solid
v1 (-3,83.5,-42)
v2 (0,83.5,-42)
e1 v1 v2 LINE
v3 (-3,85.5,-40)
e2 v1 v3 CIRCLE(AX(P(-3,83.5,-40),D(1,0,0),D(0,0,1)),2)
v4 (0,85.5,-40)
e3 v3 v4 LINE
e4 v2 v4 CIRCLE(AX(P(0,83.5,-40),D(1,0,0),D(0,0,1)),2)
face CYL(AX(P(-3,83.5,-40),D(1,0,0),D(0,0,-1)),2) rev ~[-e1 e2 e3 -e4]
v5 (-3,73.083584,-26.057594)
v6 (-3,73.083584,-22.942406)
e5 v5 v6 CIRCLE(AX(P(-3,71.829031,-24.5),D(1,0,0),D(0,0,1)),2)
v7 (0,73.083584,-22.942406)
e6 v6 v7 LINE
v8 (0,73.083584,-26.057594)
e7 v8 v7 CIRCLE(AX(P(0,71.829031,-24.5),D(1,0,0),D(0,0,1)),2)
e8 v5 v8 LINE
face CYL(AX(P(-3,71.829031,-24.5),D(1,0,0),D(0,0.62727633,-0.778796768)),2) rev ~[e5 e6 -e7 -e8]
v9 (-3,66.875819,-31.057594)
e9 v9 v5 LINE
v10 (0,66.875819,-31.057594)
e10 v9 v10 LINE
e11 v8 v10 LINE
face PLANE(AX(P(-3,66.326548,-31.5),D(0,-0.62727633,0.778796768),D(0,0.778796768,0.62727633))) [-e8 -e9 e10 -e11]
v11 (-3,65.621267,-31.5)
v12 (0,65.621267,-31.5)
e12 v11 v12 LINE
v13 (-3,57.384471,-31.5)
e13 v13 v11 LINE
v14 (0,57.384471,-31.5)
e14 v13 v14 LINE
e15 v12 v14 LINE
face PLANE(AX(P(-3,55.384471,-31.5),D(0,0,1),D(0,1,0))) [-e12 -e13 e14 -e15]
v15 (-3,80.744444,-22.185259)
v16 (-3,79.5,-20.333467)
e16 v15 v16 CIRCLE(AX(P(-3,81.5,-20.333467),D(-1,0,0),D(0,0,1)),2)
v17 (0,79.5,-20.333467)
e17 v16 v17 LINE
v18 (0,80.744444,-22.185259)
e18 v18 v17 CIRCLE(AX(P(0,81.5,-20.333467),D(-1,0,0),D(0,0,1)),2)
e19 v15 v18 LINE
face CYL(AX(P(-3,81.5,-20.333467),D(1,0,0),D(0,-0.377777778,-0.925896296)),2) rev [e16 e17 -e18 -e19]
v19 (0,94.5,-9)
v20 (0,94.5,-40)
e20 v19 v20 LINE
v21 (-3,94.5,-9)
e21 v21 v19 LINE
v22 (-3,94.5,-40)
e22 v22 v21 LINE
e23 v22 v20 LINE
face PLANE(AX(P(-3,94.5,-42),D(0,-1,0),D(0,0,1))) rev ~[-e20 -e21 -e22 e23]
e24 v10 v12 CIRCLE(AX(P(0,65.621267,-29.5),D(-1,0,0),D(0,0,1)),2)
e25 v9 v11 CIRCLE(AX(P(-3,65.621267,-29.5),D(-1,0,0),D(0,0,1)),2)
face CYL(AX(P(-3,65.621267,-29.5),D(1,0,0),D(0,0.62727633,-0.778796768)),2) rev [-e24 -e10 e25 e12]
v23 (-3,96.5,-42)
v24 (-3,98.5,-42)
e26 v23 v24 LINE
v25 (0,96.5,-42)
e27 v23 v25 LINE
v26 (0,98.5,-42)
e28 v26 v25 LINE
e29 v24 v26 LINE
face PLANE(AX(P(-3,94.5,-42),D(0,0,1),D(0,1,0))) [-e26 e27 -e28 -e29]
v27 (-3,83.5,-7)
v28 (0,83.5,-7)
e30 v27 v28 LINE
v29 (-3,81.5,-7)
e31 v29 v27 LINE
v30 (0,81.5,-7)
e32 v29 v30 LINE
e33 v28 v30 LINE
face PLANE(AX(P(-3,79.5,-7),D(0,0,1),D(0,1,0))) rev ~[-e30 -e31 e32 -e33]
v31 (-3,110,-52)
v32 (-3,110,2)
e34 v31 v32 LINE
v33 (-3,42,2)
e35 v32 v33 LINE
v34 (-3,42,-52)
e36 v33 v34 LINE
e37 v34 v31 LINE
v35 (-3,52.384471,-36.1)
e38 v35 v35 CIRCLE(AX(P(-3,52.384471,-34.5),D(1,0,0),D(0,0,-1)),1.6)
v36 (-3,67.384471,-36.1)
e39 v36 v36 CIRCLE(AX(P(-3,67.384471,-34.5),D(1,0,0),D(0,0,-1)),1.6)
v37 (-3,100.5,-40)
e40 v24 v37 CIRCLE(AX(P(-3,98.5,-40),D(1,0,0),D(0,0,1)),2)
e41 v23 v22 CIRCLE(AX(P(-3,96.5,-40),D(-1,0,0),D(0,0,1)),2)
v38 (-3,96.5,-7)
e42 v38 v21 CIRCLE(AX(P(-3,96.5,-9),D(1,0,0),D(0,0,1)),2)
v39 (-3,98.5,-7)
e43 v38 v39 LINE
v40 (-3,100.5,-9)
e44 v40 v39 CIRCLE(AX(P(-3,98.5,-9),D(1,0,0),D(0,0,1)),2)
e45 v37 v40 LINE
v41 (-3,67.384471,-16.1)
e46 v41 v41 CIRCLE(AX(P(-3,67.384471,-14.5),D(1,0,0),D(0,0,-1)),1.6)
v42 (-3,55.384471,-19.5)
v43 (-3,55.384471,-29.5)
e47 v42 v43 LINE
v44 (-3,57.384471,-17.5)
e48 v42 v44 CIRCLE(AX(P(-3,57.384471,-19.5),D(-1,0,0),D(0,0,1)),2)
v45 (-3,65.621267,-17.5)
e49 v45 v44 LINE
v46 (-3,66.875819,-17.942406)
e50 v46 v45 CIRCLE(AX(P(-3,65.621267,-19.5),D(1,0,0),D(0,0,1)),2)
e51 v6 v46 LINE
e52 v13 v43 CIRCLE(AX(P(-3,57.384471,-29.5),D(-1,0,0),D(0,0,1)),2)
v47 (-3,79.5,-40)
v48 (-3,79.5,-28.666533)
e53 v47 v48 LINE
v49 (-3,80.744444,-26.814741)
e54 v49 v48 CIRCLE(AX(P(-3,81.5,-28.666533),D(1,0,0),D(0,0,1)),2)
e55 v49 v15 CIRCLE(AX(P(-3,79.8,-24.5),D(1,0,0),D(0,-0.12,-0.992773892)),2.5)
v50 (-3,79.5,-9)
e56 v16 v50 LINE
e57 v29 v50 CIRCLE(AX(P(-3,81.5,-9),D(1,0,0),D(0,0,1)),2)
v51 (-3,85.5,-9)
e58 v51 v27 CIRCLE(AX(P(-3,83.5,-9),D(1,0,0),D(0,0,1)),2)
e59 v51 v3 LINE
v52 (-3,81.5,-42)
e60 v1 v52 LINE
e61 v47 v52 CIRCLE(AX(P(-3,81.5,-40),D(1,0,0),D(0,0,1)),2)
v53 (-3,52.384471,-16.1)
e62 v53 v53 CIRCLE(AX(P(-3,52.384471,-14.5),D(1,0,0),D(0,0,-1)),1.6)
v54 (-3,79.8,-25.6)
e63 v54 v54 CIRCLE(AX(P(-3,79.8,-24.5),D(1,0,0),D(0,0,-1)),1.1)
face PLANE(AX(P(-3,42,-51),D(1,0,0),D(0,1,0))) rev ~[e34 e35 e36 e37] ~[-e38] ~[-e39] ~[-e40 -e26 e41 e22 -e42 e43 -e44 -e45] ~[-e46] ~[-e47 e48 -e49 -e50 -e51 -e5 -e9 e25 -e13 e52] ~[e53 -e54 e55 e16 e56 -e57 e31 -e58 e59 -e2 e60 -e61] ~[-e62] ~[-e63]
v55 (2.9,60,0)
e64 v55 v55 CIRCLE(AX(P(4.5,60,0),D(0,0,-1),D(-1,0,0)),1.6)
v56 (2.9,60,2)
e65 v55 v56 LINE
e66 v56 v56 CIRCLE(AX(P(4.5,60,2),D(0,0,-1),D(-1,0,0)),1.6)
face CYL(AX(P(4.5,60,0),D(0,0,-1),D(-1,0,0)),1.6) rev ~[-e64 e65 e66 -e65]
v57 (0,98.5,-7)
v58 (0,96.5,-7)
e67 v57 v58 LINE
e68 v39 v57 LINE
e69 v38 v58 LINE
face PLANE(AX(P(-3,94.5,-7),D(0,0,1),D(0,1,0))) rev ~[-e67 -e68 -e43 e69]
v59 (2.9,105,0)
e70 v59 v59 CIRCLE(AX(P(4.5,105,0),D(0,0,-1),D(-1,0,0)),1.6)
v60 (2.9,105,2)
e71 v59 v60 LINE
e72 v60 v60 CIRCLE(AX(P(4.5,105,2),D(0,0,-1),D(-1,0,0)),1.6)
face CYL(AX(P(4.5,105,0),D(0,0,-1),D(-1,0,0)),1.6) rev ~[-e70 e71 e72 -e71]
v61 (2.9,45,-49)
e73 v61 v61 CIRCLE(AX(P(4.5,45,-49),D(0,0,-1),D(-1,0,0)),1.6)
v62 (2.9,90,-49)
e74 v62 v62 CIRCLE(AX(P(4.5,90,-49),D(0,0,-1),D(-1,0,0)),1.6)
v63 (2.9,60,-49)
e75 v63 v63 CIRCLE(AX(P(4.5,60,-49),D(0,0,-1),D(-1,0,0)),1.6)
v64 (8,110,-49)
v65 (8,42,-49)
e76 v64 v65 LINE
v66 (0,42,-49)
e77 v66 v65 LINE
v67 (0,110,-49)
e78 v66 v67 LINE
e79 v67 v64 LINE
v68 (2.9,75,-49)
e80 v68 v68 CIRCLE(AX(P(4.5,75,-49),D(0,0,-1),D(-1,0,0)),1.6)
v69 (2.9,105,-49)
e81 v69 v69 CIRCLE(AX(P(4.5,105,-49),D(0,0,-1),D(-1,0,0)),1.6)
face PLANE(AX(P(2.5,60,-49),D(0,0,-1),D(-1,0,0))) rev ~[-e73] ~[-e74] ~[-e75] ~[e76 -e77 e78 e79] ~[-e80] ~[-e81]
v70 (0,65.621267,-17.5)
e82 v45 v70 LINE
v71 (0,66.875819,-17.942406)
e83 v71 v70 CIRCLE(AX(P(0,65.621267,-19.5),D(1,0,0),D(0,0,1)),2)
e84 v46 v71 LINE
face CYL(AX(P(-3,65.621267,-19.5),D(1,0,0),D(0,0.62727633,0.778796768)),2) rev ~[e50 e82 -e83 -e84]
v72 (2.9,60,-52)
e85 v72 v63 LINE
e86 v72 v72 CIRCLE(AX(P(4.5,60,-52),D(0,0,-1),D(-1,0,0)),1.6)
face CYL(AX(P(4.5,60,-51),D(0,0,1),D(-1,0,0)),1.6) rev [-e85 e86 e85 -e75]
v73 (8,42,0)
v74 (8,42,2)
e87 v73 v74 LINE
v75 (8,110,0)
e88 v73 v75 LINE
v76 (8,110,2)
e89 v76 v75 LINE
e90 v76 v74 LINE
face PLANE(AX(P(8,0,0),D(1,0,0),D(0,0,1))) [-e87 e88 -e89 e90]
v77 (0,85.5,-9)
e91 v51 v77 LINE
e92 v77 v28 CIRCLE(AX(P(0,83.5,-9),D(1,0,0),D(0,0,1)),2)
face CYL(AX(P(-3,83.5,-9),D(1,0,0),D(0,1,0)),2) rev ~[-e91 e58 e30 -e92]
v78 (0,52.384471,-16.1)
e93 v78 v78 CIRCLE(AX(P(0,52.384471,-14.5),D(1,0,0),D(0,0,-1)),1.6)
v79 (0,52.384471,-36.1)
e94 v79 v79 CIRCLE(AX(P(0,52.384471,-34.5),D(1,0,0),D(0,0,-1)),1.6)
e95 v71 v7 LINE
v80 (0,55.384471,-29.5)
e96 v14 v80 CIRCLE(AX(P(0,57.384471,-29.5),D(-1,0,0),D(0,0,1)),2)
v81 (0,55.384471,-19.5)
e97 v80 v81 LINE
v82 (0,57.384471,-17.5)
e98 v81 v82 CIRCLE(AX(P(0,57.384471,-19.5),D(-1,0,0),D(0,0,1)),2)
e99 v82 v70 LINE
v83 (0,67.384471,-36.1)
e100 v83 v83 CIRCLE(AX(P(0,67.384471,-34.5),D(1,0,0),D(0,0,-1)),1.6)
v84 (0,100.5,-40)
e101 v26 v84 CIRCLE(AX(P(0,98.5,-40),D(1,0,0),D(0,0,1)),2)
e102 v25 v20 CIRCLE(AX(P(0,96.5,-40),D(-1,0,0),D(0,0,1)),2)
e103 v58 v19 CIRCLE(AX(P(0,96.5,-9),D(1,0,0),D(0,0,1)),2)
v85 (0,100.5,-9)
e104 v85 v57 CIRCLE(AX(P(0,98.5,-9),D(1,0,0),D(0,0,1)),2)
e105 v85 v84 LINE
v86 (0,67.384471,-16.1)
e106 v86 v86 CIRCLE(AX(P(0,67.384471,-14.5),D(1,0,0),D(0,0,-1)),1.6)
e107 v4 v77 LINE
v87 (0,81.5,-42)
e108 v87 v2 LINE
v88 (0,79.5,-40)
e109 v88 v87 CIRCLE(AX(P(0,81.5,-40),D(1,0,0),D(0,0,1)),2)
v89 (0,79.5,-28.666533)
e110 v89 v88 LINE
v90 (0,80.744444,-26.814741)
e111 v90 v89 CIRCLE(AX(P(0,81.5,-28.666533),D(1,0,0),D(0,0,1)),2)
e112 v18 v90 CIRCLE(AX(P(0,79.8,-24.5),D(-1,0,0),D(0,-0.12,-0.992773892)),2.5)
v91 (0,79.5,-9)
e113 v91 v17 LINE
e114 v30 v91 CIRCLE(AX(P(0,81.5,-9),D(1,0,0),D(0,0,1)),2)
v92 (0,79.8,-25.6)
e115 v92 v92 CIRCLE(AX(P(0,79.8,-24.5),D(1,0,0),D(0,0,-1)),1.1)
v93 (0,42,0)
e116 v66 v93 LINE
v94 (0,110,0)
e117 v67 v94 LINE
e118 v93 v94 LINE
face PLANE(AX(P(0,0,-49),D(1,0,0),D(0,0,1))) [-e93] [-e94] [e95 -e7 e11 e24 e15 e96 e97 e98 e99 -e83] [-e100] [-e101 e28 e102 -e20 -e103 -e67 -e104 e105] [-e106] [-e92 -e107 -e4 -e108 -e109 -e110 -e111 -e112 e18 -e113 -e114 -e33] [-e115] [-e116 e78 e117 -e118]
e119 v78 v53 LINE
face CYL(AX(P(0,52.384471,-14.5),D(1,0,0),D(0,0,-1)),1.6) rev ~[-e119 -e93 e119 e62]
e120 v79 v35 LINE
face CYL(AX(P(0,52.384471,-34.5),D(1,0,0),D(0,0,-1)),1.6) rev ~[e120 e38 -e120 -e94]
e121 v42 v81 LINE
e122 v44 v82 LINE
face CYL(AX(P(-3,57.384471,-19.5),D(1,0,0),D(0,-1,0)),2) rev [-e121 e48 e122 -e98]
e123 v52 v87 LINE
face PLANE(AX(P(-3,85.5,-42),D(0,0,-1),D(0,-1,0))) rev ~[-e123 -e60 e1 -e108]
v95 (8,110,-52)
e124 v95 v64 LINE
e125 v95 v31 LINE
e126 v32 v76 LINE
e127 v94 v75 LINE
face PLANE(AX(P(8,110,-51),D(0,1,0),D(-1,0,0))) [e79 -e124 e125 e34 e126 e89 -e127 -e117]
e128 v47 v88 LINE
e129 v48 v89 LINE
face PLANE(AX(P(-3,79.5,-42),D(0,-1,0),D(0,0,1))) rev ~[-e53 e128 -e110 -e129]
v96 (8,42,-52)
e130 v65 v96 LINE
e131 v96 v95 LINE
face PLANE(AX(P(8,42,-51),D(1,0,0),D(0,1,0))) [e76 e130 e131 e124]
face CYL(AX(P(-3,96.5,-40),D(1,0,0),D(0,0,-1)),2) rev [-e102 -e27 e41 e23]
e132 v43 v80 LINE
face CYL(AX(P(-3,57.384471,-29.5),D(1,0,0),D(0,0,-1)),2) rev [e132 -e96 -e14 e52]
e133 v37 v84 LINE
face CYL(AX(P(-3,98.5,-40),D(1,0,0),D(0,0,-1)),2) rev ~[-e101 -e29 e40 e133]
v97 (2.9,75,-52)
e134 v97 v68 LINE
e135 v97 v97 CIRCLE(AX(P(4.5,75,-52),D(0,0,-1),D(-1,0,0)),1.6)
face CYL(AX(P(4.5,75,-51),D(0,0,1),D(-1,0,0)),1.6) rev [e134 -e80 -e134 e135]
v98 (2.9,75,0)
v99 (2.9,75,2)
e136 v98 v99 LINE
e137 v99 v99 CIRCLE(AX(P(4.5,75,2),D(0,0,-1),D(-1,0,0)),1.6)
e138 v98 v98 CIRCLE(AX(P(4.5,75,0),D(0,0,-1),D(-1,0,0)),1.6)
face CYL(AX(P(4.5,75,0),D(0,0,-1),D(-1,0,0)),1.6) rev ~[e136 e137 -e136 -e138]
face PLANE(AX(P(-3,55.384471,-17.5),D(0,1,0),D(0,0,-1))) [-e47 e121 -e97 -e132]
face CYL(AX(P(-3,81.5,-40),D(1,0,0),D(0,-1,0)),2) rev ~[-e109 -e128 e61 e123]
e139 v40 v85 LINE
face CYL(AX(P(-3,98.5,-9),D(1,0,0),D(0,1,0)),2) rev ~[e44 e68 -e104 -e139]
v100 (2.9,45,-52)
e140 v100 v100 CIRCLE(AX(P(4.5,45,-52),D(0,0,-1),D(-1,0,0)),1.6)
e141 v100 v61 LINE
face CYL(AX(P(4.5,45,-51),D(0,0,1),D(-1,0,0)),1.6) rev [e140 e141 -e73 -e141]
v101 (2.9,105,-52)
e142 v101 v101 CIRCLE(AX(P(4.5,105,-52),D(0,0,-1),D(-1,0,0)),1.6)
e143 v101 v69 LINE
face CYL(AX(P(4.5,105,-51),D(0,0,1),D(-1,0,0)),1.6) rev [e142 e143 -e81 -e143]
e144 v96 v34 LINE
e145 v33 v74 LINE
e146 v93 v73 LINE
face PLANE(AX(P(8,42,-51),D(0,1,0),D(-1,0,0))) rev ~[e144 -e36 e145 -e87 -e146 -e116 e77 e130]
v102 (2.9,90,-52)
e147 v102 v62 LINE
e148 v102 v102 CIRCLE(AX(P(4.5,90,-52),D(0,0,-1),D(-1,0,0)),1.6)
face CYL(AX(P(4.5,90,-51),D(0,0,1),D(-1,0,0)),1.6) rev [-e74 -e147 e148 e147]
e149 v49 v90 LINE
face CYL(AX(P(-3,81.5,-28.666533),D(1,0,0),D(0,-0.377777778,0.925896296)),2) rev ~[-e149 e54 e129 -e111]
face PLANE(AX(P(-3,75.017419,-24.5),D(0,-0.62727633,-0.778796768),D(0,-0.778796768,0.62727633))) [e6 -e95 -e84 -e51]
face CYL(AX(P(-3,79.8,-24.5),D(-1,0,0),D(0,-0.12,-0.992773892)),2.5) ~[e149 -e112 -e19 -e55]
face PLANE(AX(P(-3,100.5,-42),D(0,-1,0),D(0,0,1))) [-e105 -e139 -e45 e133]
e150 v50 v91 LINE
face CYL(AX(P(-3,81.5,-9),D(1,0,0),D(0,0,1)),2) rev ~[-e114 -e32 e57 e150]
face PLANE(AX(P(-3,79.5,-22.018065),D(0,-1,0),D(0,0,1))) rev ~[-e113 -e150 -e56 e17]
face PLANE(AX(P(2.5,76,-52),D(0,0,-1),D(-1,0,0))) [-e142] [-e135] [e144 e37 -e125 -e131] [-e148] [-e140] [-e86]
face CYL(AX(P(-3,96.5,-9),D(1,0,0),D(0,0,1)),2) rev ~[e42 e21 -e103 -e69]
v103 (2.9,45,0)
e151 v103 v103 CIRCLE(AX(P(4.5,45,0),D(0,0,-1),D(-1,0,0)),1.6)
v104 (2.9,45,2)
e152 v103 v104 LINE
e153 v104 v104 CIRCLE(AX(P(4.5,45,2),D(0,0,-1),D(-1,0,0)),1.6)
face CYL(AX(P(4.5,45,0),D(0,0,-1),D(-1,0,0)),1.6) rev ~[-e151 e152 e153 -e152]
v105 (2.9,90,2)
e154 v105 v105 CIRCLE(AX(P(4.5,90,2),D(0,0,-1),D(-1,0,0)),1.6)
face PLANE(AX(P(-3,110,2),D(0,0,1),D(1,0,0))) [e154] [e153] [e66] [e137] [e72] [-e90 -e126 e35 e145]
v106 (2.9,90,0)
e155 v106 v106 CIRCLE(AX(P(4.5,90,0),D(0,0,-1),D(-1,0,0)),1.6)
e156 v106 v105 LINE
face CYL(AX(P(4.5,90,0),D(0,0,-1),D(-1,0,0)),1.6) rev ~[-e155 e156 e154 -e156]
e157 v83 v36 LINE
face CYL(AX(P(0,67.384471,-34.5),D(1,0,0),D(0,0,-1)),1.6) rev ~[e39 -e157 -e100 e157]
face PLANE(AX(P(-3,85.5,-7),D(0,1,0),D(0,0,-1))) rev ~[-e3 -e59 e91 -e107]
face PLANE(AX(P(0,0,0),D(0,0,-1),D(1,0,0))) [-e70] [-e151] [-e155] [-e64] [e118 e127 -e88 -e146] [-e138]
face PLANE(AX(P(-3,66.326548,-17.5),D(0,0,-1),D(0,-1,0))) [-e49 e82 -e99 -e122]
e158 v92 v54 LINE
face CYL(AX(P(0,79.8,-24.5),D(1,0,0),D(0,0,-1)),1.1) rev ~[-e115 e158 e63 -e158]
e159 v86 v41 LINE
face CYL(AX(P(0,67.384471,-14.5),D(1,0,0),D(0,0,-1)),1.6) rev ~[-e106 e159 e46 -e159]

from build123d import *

# Parameters (mm, degrees)
EXTRUDE_1_DEPTH          = 120
SKETCH_2_R               = 1.6
CUT_EXTRUDE_1_DEPTH      = 120
SKETCH_3_R               = 1.6
CUT_EXTRUDE_2_DEPTH      = 10
SKETCH_4_R               = 1.1
CUT_EXTRUDE_3_DEPTH      = 12
SKETCH_5_W               = 11
SKETCH_5_H               = 120
EXTRUDE_2_DEPTH          = 2
SKETCH_6_W               = 49
SKETCH_6_H               = 30
CUT_EXTRUDE_4_DEPTH      = 10
CUT_EXTRUDE_5_DEPTH      = 42
CUT_EXTRUDE_5_DEPTH_BACK = 16
SKETCH_7_W               = 3
SKETCH_7_H               = 30
CUT_EXTRUDE_6_DEPTH      = 35
CUT_EXTRUDE_6_DEPTH_BACK = 11
SKETCH_8_W               = 52
SKETCH_8_H               = 12
SKETCH_9_W               = 2
SKETCH_9_H               = 42
CUT_EXTRUDE_7_DEPTH      = 20
SKETCH_10_W              = 11
SKETCH_10_H              = 54
CUT_EXTRUDE_8_DEPTH      = 10
SKETCH_11_W              = 11
SKETCH_11_H              = 68
SKETCH_11_R              = 1.6
EXTRUDE_3_DEPTH          = 1
SKETCH_12_W              = 11
SKETCH_12_H              = 1
CUT_EXTRUDE_9_DEPTH      = 91
CUT_EXTRUDE_10_DEPTH     = 10
SKETCH_14_W              = 35
SKETCH_14_H              = 6
CUT_EXTRUDE_11_DEPTH     = 10
FILLET_1_R               = 2


with BuildPart() as part:
    # 草图1 → 凸台-拉伸1 (new body)
    with BuildSketch(Plane(origin=(0, 0, 0), x_dir=(1, 0, 0), z_dir=(0, 1, 0))):
        Polygon((0, 0), (8, 0), (8, -3), (-3, -3), (-3, 49), (0, 49), align=None)
    extrude(amount=EXTRUDE_1_DEPTH)

    # 草图2 → 切除-拉伸1 (cut)
    with BuildSketch(Plane(origin=(0, 0, 0), x_dir=(-1, 0, 0), z_dir=(0, 0, -1))):
        with Locations((-4.5, 60)):
            Circle(SKETCH_2_R)
        with Locations((-4.5, 45)):
            Circle(SKETCH_2_R)
        with Locations((-4.5, 30)):
            Circle(SKETCH_2_R)
        with Locations((-4.5, 15)):
            Circle(SKETCH_2_R)
        with Locations((-4.5, 75)):
            Circle(SKETCH_2_R)
        with Locations((-4.5, 90)):
            Circle(SKETCH_2_R)
        with Locations((-4.5, 105)):
            Circle(SKETCH_2_R)
    cut_extrude_1 = extrude(amount=-CUT_EXTRUDE_1_DEPTH, mode=Mode.SUBTRACT)

    # 草图3 → 切除-拉伸2 (cut)
    with BuildSketch(Plane(origin=(0, 0, 0), x_dir=(0, 0, -1), z_dir=(1, 0, 0))):
        with Locations((14.5, 7.384470662)):
            Circle(SKETCH_3_R)
        with Locations((14.5, 22.384470662)):
            Circle(SKETCH_3_R)
        with Locations((14.5, 37.384470662)):
            Circle(SKETCH_3_R)
        with Locations((14.5, 52.384470662)):
            Circle(SKETCH_3_R)
        with Locations((14.5, 67.384470662)):
            Circle(SKETCH_3_R)
        with Locations((34.5, 67.384470662)):
            Circle(SKETCH_3_R)
        with Locations((34.5, 52.384470662)):
            Circle(SKETCH_3_R)
        with Locations((34.5, 37.384470662)):
            Circle(SKETCH_3_R)
        with Locations((34.5, 22.384470662)):
            Circle(SKETCH_3_R)
        with Locations((34.5, 7.384470662)):
            Circle(SKETCH_3_R)
    extrude(amount=-CUT_EXTRUDE_2_DEPTH, mode=Mode.SUBTRACT)

    # 草图4 → 切除-拉伸3 (cut)
    with BuildSketch(Plane(origin=(0, 0, 0), x_dir=(0, 0, -1), z_dir=(1, 0, 0))):
        with Locations((15.7, 117)):
            Circle(SKETCH_4_R)
        with Locations((33.3, 117)):
            Circle(SKETCH_4_R)
        with Locations((24.5, 79.8)):
            Circle(SKETCH_4_R)
    extrude(amount=-CUT_EXTRUDE_3_DEPTH, mode=Mode.SUBTRACT)

    # 草图5 → 凸台-拉伸2 (add)
    with BuildSketch(Plane(origin=(0, 0, -49), x_dir=(-1, 0, 0), z_dir=(0, 0, -1))):
        with Locations((-2.5, 60)):
            Rectangle(SKETCH_5_W, SKETCH_5_H)
    extrude(amount=EXTRUDE_2_DEPTH)

    # 镜向3: 切除-拉伸1 across plane
    add(cut_extrude_1.mirror(Plane(origin=(0, 0, -24.5), x_dir=(1, 0, 0), z_dir=(0, 0, -1))), mode=Mode.SUBTRACT)

    # 草图6 → 切除-拉伸4 (cut)
    with BuildSketch(Plane(origin=(0, 0, 0), x_dir=(0, 0, -1), z_dir=(1, 0, 0))):
        with Locations((24.5, 15)):
            Rectangle(SKETCH_6_W, SKETCH_6_H)
    extrude(amount=-CUT_EXTRUDE_4_DEPTH, mode=Mode.SUBTRACT)

    # 草图7 → 切除-拉伸5 (cut, two sides: drawn at the far end of the back side and taken through both)
    with BuildSketch(Plane(origin=(0, 0, 0), x_dir=(0, 0, -1), z_dir=(1, 0, 0)).offset(-CUT_EXTRUDE_5_DEPTH_BACK)):
        with Locations((-1.5, 15)):
            Rectangle(SKETCH_7_W, SKETCH_7_H)
    extrude(amount=CUT_EXTRUDE_5_DEPTH + CUT_EXTRUDE_5_DEPTH_BACK, mode=Mode.SUBTRACT)

    # 草图8 → 切除-拉伸6 (cut, two sides: drawn at the far end of the back side and taken through both)
    with BuildSketch(Plane(origin=(0, 0, 0), x_dir=(0, 0, -1), z_dir=(1, 0, 0)).offset(-CUT_EXTRUDE_6_DEPTH_BACK)):
        with Locations((23, 36)):
            Rectangle(SKETCH_8_W, SKETCH_8_H)
    extrude(amount=CUT_EXTRUDE_6_DEPTH + CUT_EXTRUDE_6_DEPTH_BACK, mode=Mode.SUBTRACT)

    # 草图9 → 切除-拉伸7 (cut)
    with BuildSketch(Plane.ZY.offset(3)):
        with Locations((-50, 21)):
            Rectangle(SKETCH_9_W, SKETCH_9_H)
    extrude(amount=-CUT_EXTRUDE_7_DEPTH, mode=Mode.SUBTRACT)

    # 草图10 → 切除-拉伸8 (cut)
    with BuildSketch(Plane(origin=(0, 120, 0), x_dir=(1, 0, 0), z_dir=(0, 1, 0))):
        with Locations((2.5, 24)):
            Rectangle(SKETCH_10_W, SKETCH_10_H)
    extrude(amount=-CUT_EXTRUDE_8_DEPTH, mode=Mode.SUBTRACT)

    # 草图11 → 凸台-拉伸3 (add)
    with BuildSketch(Plane(origin=(0, 0, -51), x_dir=(-1, 0, 0), z_dir=(0, 0, -1))):
        with Locations((-2.5, 76)):
            Rectangle(SKETCH_11_W, SKETCH_11_H)
        with Locations((-4.5, 105)):
            Circle(SKETCH_11_R, mode=Mode.SUBTRACT)
        with Locations((-4.5, 45)):
            Circle(SKETCH_11_R, mode=Mode.SUBTRACT)
        with Locations((-4.5, 60)):
            Circle(SKETCH_11_R, mode=Mode.SUBTRACT)
        with Locations((-4.5, 75)):
            Circle(SKETCH_11_R, mode=Mode.SUBTRACT)
        with Locations((-4.5, 90)):
            Circle(SKETCH_11_R, mode=Mode.SUBTRACT)
    extrude(amount=EXTRUDE_3_DEPTH)

    # 草图12 → 切除-拉伸9 (cut)
    with BuildSketch(Plane(origin=(0, 110, 0), x_dir=(1, 0, 0), z_dir=(0, 1, 0))):
        with Locations((2.5, -2.5)):
            Rectangle(SKETCH_12_W, SKETCH_12_H)
    extrude(amount=-CUT_EXTRUDE_9_DEPTH, mode=Mode.SUBTRACT)

    # 草图13 → 切除-拉伸10 (cut)
    with BuildSketch(Plane.ZY.offset(3)):
        Polygon((-31.5, 66.326548237), (-24.5, 75.017418774), (-17.5, 66.326548237), (-17.5, 55.384470662), (-31.5, 55.384470662), align=None)
    extrude(amount=-CUT_EXTRUDE_10_DEPTH, mode=Mode.SUBTRACT)

    # 草图14 → 切除-拉伸11 (cut)
    with BuildSketch(Plane.ZY.offset(3)):
        with Locations((-24.5, 97.5)):
            Rectangle(SKETCH_14_W, SKETCH_14_H)
        with BuildLine():
            Line((-22.018065271, 79.5), (-7, 79.5))
            Line((-7, 79.5), (-7, 85.5))
            Line((-7, 85.5), (-42, 85.5))
            Line((-42, 85.5), (-42, 79.5))
            Line((-42, 79.5), (-26.981934729, 79.5))
            ThreePointArc((-26.981934729, 79.5), (-24.5, 82.3), (-22.018065271, 79.5))
        make_face()
    extrude(amount=-CUT_EXTRUDE_11_DEPTH, mode=Mode.SUBTRACT)

    # 圆角1
    fillet_1_edges = [part.edges().sort_by_distance(p)[0] for p in [
        (-1.5, 55.384470662, -31.5),
        (-1.5, 66.326548237, -31.5),
        (-1.5, 75.017418774, -24.5),
        (-1.5, 66.326548237, -17.5),
        (-1.5, 55.384470662, -17.5),
        (-1.5, 100.5, -7),
        (-1.5, 94.5, -7),
        (-1.5, 94.5, -42),
        (-1.5, 100.5, -42),
        (-1.5, 85.5, -7),
        (-1.5, 79.5, -7),
        (-1.5, 79.5, -22.018065271),
        (-1.5, 79.5, -26.981934729),
        (-1.5, 79.5, -42),
        (-1.5, 85.5, -42),
    ]]
    fillet(fillet_1_edges, radius=FILLET_1_R)


solid = part.part
